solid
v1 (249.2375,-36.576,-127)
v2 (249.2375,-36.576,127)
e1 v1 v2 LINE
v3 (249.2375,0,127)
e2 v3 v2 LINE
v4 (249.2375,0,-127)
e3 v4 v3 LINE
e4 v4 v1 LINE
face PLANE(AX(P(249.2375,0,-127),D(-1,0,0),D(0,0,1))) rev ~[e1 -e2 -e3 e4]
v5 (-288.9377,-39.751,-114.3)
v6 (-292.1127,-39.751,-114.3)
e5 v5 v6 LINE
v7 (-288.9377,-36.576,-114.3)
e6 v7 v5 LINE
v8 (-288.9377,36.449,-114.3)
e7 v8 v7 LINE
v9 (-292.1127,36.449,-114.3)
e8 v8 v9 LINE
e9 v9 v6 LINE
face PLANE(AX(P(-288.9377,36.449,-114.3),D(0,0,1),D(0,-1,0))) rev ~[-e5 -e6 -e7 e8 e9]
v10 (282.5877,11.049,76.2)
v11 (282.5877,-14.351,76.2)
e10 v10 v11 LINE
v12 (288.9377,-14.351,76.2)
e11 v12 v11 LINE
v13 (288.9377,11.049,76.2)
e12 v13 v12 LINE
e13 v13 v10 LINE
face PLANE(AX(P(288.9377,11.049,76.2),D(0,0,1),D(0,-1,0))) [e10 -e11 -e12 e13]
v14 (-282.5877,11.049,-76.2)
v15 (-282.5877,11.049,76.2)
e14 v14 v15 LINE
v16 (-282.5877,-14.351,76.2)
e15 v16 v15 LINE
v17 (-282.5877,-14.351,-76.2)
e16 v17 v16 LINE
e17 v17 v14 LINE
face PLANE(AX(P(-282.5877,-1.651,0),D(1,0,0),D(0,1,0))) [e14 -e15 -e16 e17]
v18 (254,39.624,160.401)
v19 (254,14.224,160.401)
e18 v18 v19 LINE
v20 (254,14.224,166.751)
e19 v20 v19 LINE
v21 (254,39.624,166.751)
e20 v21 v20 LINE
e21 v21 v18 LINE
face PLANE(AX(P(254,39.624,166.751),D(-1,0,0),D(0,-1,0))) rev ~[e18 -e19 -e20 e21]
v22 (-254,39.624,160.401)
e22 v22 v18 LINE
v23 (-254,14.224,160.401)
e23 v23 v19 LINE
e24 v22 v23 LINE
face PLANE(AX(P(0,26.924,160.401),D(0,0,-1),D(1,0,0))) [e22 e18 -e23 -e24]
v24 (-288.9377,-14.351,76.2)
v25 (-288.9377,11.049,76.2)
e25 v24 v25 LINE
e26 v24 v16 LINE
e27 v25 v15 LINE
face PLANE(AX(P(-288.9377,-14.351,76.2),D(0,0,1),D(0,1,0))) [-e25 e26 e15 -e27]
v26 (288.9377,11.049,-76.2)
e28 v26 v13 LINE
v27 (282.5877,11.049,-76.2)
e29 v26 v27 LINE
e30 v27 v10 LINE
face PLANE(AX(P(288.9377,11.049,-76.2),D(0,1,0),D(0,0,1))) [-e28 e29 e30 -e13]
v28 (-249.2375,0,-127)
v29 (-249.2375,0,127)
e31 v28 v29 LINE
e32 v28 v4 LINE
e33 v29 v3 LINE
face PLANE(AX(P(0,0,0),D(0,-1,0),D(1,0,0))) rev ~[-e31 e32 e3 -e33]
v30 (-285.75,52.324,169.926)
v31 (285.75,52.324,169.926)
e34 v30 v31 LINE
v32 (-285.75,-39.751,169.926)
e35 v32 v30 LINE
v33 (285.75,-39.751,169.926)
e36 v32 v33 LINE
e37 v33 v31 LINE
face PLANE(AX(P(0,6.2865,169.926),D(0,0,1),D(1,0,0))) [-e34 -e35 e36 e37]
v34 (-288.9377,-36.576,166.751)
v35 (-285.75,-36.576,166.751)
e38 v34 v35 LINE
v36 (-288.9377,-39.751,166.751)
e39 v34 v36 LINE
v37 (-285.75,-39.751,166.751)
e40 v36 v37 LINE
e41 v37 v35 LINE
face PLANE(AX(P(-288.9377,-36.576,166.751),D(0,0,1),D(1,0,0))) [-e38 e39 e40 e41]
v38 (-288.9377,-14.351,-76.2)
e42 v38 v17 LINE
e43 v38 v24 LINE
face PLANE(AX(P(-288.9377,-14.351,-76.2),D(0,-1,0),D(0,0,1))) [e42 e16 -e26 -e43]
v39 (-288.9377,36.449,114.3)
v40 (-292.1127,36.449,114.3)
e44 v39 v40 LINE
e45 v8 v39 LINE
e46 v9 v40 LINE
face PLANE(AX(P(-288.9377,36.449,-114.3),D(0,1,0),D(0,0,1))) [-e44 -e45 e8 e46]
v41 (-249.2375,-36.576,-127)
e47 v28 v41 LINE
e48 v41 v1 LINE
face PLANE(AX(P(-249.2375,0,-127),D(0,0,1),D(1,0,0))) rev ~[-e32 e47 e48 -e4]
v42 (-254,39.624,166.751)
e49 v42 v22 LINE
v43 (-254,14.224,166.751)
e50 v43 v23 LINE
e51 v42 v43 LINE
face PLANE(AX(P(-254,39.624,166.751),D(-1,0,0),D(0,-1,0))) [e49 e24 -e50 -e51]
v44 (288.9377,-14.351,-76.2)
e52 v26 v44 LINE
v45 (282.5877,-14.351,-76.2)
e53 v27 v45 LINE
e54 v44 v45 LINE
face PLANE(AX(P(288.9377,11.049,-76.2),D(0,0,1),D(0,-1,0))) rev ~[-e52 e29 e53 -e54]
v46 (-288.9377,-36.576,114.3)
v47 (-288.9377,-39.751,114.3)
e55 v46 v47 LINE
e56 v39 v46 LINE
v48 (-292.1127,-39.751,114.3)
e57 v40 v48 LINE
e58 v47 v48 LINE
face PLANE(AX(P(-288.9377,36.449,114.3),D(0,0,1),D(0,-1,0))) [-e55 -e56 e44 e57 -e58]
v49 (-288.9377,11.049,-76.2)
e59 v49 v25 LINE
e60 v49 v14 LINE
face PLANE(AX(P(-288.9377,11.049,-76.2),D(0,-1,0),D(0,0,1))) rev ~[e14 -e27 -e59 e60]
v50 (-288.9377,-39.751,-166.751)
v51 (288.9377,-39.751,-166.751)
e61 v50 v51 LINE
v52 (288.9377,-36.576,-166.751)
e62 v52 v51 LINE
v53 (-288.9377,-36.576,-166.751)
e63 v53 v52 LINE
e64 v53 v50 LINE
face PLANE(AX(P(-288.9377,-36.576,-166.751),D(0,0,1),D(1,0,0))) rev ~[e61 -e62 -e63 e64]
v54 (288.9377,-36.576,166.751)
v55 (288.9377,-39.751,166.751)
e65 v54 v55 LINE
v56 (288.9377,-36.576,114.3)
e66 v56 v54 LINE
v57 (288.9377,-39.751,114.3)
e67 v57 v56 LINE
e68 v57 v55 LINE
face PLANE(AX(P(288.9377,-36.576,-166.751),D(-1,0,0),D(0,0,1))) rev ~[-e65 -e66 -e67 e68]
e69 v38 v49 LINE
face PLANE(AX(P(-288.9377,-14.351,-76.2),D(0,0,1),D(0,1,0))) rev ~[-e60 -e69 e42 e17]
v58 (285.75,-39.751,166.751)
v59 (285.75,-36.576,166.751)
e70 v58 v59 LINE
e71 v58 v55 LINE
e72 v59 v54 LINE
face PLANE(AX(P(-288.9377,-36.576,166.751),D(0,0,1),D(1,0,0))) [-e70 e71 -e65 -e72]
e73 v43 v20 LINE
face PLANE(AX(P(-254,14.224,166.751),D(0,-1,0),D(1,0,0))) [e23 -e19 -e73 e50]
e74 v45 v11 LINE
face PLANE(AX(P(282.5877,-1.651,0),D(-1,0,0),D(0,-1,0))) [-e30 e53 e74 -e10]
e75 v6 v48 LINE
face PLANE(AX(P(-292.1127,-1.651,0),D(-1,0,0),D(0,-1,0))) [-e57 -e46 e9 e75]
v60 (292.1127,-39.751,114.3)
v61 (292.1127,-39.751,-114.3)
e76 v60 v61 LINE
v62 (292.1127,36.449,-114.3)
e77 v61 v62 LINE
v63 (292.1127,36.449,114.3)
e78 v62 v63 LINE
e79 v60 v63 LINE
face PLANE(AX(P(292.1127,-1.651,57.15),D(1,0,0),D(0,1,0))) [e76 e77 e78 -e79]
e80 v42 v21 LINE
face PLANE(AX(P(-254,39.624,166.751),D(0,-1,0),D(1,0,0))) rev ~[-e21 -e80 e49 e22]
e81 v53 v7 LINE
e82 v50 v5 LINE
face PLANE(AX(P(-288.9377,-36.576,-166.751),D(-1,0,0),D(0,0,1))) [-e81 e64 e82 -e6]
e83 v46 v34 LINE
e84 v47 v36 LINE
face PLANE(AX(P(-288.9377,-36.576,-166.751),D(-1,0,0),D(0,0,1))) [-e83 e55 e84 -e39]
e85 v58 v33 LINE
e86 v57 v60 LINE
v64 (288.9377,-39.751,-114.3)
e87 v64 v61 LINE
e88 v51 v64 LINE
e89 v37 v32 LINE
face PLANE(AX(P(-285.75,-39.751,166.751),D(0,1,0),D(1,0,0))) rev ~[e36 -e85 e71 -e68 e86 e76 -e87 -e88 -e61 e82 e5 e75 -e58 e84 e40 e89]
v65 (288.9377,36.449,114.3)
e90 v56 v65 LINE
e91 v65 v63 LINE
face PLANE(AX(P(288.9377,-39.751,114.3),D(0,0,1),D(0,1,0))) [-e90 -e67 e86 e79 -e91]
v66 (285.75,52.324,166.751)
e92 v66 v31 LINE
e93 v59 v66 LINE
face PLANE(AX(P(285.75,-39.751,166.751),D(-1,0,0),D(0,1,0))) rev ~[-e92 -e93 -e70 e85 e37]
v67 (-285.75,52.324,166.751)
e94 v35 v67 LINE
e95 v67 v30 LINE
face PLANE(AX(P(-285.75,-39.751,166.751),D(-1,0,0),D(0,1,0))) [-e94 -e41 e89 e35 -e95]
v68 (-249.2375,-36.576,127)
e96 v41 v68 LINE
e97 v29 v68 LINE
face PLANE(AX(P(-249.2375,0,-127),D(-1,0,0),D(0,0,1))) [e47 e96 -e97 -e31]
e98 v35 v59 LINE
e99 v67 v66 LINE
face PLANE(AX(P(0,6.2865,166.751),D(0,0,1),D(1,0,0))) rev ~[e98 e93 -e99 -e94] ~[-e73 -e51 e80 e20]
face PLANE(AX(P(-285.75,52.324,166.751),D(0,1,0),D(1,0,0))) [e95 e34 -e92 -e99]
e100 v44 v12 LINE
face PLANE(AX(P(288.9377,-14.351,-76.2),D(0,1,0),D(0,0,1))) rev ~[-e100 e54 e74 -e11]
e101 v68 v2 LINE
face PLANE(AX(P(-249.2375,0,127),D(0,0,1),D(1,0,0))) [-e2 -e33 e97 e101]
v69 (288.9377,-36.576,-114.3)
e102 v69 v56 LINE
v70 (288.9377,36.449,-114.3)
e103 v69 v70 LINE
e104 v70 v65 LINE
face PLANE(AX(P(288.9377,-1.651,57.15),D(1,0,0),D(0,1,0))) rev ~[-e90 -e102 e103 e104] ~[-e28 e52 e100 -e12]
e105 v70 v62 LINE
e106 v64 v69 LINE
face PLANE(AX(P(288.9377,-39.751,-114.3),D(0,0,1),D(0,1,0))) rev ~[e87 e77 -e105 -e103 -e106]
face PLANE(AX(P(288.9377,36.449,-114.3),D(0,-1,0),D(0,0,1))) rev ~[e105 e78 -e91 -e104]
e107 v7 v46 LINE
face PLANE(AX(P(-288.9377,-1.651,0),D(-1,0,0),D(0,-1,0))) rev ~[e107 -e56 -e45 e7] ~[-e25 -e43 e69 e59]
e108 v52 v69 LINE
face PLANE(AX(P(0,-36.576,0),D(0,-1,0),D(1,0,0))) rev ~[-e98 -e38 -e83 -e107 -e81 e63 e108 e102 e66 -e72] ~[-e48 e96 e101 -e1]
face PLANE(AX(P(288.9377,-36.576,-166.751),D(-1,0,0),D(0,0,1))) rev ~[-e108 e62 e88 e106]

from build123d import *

# Parameters (mm, degrees)
F0_W      = 498.475
F0_H      = 254
F1_DEPTH  = 36.576
F2_W      = 577.8754
F2_H      = 333.502
F3_DEPTH  = 3.175
F4_W      = 76.2
F4_H      = 114.3
F5_DEPTH  = 3.175
F6_W      = 76.2
F6_H      = 228.6
F7_DEPTH  = 3.175
F8_W      = 25.4
F8_H      = 152.4
F9_DEPTH  = 6.35
F10_W     = 25.4
F10_H     = 152.4
F11_DEPTH = 6.35
F12_W     = 571.5
F12_H     = 92.075
F13_DEPTH = 3.175
F14_W     = 508
F14_H     = 25.4
F15_DEPTH = 6.35


with BuildPart() as f1:
    # F0 (on Front) → F1 (new body)
    with BuildSketch(Plane.XZ):
        Rectangle(F0_W, F0_H)
    extrude(amount=F1_DEPTH)

    # F2 (on face) → F3 (join)
    with BuildSketch(Plane.XZ.offset(36.576)):
        Rectangle(F2_W, F2_H)
    extrude(amount=F3_DEPTH)

    # F4 (on face) → F5 (join)
    with BuildSketch(Plane.YZ.offset(288.9377)):
        with Locations((-1.651, 57.15)):
            Rectangle(F4_W, F4_H)
        with Locations((-1.651, -57.15)):
            Rectangle(F4_W, F4_H)
    extrude(amount=F5_DEPTH)

    # F6 (on face) → F7 (join)
    with BuildSketch(Plane(origin=(-288.9377, 0, 0), x_dir=(0, -1, 0), z_dir=(-1, 0, 0))):
        with Locations((1.651, 0)):
            Rectangle(F6_W, F6_H)
    extrude(amount=F7_DEPTH)

    # F8 (on face) → F9 (join)
    with BuildSketch(Plane.YZ.offset(-288.9377)):
        with Locations((-1.651, 0)):
            Rectangle(F8_W, F8_H)
    extrude(amount=F9_DEPTH)

    # F10 (on face) → F11 (join)
    with BuildSketch(Plane(origin=(288.9377, 0, 0), x_dir=(0, -1, 0), z_dir=(-1, 0, 0))):
        with Locations((1.651, 0)):
            Rectangle(F10_W, F10_H)
    extrude(amount=F11_DEPTH)

    # F12 (on face) → F13 (join)
    with BuildSketch(Plane.XY.offset(166.751)):
        with Locations((0, 6.2865)):
            Rectangle(F12_W, F12_H)
    extrude(amount=F13_DEPTH)

    # F14 (on face) → F15 (join)
    with BuildSketch(Plane(origin=(0, 0, 166.751), x_dir=(1, 0, 0), z_dir=(0, 0, -1))):
        with Locations((0, -26.924)):
            Rectangle(F14_W, F14_H)
    extrude(amount=F15_DEPTH)


solid = f1.part
